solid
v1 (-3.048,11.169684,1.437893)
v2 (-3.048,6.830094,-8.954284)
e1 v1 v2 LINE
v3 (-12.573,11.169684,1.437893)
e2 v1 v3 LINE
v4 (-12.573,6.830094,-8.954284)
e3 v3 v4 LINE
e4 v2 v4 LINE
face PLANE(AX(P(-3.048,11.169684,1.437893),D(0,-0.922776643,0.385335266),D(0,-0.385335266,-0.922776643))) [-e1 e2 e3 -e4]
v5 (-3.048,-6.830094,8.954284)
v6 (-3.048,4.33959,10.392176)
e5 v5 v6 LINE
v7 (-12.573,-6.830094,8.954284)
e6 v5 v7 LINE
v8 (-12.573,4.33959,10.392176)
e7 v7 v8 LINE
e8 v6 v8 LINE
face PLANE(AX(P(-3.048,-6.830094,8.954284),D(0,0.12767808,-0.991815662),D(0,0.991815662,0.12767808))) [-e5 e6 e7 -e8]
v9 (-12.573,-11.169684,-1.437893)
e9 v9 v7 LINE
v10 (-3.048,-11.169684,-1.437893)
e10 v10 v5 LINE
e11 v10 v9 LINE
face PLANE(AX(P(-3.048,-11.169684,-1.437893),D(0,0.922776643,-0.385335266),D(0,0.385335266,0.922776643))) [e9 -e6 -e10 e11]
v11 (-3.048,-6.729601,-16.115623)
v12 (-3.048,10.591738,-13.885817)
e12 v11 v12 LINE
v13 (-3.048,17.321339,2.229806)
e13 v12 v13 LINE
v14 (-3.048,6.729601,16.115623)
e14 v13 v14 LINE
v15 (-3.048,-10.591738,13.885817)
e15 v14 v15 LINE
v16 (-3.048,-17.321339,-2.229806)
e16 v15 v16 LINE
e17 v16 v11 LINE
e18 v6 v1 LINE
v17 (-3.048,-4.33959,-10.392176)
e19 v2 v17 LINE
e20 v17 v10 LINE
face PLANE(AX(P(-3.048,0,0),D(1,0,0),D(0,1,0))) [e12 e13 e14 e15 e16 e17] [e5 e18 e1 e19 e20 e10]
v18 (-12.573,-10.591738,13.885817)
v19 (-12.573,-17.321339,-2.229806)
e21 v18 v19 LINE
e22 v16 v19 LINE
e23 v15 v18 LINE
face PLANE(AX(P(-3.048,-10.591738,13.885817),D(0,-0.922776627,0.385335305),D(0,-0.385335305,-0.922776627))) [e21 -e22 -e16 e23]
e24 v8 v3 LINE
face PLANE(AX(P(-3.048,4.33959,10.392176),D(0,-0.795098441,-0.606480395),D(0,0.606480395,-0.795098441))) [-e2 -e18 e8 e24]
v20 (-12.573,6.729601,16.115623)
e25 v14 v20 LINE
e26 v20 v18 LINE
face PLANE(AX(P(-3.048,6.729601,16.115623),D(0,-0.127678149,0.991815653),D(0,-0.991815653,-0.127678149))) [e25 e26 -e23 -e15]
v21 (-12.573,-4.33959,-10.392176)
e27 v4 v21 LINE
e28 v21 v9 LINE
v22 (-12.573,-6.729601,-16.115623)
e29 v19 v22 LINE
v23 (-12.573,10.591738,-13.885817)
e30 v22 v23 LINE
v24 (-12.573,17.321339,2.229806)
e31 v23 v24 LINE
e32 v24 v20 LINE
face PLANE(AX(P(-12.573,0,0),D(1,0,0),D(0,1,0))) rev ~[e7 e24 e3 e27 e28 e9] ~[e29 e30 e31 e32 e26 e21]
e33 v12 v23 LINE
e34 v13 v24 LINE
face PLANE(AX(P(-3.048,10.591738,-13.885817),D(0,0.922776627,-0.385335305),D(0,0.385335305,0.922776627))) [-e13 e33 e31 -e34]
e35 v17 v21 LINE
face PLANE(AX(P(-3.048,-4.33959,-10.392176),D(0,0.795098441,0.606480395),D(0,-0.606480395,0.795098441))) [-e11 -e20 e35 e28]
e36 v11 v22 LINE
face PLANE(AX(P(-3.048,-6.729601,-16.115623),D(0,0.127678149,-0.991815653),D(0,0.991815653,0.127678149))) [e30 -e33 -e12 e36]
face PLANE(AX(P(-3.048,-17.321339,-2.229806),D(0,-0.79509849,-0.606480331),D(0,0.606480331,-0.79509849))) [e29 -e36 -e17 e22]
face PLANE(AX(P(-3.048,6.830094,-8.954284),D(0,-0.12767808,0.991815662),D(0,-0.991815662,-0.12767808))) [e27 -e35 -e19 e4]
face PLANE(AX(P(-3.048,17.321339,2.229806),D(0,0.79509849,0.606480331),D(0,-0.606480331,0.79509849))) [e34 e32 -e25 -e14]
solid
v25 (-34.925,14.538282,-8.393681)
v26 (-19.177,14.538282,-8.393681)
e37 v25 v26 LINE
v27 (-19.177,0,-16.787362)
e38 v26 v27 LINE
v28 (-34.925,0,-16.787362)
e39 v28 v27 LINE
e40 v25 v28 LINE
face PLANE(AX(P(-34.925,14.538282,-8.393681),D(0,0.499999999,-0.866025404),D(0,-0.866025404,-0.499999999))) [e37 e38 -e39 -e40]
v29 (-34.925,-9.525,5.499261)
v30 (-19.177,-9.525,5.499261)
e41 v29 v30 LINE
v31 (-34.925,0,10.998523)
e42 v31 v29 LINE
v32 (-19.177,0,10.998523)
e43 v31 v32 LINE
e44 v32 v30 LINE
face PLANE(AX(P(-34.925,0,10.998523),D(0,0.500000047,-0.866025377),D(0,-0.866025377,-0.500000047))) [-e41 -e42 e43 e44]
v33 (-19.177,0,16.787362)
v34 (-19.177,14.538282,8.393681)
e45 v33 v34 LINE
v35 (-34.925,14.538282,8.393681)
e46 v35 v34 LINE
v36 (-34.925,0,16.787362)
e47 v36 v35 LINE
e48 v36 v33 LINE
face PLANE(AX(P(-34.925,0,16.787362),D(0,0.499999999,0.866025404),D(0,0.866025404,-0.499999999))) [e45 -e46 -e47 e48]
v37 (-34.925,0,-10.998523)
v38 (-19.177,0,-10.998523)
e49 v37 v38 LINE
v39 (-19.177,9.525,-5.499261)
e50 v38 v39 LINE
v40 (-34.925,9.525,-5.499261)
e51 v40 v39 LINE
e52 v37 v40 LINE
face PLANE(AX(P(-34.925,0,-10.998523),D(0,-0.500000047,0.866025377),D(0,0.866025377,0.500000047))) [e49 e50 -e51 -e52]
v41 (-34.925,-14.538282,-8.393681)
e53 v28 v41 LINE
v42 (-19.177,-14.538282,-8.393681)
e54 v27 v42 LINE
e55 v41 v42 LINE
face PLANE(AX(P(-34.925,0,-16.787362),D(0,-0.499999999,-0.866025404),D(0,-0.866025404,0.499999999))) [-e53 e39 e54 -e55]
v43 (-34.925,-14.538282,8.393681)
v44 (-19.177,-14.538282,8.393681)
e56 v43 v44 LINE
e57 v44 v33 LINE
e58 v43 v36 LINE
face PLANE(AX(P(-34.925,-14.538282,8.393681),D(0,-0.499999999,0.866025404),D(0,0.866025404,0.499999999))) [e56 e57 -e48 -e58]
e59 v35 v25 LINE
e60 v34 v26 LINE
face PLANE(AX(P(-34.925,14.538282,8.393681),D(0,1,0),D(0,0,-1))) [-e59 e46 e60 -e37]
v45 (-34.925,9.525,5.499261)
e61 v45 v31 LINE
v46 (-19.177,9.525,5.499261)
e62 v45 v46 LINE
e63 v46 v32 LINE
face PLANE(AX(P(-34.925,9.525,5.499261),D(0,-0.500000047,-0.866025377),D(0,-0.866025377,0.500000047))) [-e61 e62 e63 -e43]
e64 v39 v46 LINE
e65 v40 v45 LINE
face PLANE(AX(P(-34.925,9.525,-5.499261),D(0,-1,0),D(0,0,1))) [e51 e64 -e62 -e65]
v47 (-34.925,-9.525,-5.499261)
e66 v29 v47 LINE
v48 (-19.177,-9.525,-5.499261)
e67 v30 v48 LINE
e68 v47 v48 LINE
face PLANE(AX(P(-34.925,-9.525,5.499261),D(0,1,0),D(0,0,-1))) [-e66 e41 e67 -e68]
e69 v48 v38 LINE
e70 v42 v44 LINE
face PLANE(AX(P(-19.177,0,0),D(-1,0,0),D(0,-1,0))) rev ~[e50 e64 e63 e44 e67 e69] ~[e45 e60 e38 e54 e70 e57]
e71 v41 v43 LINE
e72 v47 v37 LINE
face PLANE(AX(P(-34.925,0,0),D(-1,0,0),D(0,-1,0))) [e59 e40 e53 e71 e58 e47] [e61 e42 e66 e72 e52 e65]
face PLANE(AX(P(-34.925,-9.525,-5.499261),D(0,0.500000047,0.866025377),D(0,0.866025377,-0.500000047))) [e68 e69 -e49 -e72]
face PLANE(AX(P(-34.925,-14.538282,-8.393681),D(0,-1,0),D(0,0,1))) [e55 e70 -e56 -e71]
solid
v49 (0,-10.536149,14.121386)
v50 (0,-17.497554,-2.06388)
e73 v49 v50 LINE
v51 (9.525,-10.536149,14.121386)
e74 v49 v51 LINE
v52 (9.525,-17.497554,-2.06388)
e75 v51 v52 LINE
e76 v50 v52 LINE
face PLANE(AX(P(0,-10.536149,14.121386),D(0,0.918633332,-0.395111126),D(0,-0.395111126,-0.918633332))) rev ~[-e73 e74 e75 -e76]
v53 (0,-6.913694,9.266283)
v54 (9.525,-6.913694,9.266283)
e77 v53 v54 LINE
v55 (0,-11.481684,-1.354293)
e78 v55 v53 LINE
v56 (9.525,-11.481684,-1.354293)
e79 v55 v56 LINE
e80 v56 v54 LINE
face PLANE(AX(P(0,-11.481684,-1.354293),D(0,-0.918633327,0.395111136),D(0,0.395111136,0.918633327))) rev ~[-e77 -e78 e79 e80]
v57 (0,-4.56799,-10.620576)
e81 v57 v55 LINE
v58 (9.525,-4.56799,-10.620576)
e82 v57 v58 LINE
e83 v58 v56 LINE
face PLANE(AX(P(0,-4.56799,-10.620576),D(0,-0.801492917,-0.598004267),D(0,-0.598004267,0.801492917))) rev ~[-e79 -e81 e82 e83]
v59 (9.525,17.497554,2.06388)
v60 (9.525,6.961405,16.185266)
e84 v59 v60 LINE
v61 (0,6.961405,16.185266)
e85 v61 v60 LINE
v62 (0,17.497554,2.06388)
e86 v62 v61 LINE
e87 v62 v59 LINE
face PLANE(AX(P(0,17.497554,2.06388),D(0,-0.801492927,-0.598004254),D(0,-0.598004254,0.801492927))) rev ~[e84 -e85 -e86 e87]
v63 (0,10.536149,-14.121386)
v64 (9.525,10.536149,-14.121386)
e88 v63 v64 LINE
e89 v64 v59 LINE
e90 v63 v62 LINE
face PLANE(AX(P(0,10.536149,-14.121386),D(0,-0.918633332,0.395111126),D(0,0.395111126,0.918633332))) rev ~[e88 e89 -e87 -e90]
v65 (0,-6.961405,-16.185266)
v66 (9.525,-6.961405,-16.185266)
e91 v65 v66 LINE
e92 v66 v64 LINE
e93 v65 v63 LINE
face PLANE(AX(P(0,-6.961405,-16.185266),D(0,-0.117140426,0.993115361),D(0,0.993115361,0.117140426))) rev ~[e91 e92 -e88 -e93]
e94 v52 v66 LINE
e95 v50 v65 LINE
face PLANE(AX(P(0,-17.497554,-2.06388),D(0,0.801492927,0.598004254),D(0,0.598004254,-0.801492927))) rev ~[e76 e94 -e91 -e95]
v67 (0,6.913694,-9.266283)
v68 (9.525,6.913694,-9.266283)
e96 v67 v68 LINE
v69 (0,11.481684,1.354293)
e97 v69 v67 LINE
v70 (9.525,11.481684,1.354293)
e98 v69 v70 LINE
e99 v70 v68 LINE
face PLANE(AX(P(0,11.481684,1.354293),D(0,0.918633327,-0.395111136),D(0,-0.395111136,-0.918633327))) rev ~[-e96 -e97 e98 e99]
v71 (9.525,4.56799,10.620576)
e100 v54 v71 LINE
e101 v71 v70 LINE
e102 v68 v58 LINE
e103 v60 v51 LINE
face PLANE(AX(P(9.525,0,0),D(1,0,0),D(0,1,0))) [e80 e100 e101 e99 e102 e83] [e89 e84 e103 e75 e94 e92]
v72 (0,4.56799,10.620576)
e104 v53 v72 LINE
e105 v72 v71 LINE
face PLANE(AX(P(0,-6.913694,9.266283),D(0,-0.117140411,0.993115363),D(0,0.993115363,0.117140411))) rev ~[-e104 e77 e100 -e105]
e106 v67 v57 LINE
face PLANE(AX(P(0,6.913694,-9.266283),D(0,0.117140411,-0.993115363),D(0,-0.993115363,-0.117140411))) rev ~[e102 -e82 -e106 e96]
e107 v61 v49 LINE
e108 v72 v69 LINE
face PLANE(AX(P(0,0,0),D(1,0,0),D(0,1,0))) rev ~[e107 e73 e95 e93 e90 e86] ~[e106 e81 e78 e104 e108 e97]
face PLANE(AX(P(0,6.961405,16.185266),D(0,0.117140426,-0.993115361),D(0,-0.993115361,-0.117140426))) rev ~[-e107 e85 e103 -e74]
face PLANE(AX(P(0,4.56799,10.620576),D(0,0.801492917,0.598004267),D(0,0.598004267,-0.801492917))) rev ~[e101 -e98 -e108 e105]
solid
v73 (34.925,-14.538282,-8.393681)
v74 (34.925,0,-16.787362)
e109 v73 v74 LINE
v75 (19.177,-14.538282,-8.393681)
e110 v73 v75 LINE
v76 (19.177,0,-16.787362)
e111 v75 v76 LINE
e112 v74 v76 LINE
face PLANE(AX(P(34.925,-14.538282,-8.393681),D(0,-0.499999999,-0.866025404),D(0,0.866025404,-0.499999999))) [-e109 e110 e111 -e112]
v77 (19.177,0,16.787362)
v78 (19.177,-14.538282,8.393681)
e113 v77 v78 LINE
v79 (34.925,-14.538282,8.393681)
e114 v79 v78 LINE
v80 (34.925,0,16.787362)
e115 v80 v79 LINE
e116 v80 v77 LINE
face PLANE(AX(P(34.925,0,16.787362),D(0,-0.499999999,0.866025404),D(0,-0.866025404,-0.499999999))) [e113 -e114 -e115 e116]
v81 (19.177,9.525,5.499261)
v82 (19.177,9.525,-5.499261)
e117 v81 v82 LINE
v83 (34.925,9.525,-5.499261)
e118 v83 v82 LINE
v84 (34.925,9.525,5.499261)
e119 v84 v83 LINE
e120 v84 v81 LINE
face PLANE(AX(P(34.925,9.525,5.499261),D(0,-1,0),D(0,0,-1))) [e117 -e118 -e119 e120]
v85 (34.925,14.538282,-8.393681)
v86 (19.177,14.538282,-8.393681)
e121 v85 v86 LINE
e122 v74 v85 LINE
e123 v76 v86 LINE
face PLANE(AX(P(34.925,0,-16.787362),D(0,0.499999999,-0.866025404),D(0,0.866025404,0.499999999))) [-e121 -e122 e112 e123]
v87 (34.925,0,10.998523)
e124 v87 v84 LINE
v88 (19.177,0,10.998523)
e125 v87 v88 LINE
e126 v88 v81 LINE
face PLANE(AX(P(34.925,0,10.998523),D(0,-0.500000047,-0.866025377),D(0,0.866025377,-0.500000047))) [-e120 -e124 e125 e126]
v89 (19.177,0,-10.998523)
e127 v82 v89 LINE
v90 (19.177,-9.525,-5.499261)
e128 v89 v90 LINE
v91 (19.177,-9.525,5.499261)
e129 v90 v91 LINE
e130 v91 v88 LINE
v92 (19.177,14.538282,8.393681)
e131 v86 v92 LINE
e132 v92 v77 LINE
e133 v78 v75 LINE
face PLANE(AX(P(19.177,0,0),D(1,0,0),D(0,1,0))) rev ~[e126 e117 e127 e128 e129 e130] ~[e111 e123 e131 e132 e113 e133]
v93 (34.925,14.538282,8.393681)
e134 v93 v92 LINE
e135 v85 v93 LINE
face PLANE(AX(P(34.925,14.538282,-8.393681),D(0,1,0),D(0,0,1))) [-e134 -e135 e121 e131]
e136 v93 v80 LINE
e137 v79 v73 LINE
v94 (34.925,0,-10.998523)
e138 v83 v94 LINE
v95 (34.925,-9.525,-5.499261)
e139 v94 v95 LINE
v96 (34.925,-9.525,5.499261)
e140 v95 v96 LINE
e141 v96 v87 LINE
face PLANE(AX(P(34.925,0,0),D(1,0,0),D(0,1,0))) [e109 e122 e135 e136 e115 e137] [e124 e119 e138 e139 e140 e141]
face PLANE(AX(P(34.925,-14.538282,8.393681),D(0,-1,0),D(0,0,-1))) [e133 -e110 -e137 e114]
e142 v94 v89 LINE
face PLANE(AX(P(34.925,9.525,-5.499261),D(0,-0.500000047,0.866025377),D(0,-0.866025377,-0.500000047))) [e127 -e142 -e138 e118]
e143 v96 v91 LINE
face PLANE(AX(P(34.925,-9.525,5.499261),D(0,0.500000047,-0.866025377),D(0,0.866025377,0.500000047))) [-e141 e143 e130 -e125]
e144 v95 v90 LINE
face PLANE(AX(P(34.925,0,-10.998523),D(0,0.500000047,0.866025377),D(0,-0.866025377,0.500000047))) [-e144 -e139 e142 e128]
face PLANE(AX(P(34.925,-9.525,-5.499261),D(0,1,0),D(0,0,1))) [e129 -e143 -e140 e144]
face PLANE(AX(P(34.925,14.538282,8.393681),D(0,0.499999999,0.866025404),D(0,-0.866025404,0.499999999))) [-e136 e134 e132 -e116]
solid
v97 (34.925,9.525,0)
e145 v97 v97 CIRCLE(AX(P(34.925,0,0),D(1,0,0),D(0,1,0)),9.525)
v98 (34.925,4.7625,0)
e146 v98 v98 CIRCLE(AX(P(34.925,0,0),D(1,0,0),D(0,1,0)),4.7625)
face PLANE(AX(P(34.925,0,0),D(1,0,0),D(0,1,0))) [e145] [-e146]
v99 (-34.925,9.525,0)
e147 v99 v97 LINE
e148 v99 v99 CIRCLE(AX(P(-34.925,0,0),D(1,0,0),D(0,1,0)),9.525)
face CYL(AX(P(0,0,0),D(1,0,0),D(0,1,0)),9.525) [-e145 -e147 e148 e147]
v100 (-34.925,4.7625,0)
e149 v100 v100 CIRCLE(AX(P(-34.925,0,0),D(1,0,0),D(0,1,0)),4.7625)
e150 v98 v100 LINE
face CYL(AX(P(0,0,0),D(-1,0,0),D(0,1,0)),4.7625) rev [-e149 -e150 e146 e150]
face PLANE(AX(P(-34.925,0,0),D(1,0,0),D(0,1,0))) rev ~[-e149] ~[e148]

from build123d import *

# Parameters (mm, degrees)
F0_R      = 9.525
F0_R_2    = 4.7625
F1_DEPTH  = 34.925
F3_DEPTH  = 9.525
F6_DEPTH  = 9.525
F8_DEPTH  = 15.748
F10_DEPTH = 15.748


with BuildPart() as f1:
    # F0 (on Right) → F1 (new body, symmetric)
    with BuildSketch(Plane.YZ):
        Circle(F0_R)
        Circle(F0_R_2, mode=Mode.SUBTRACT)
    extrude(amount=F1_DEPTH, both=True)


with BuildPart() as f3:
    # F2 (on Right) → F3 (new body)
    with BuildSketch(Plane.YZ):
        Polygon((10.536149, -14.121386), (17.497554, 2.06388), (6.961405, 16.185266), (-10.536149, 14.121386), (-17.497554, -2.06388), (-6.961405, -16.185266), align=None)
        Polygon((4.56799, 10.620576), (11.481684, 1.354293), (6.913694, -9.266283), (-4.56799, -10.620576), (-11.481684, -1.354293), (-6.913694, 9.266283), align=None, mode=Mode.SUBTRACT)
    extrude(amount=F3_DEPTH)


with BuildPart() as f6:
    # F5 (on offset) → F6 (new body)
    with BuildSketch(Plane.YZ.offset(-3.048)):
        Polygon((-10.591738, 13.885817), (-17.321339, -2.229806), (-6.729601, -16.115623), (10.591738, -13.885817), (17.321339, 2.229806), (6.729601, 16.115623), align=None)
        Polygon((-4.33959, -10.392176), (-11.169684, -1.437893), (-6.830094, 8.954284), (4.33959, 10.392176), (11.169684, 1.437893), (6.830094, -8.954284), align=None, mode=Mode.SUBTRACT)
    extrude(amount=-F6_DEPTH)


with BuildPart() as f8:
    # F7 (on face) → F8 (new body)
    with BuildSketch(Plane.YZ.offset(34.925)):
        Polygon((14.538282, -8.393681), (14.538282, 8.393681), (0, 16.787362), (-14.538282, 8.393681), (-14.538282, -8.393681), (0, -16.787362), align=None)
        Polygon((0, 10.998523), (9.525, 5.499261), (9.525, -5.499261), (0, -10.998523), (-9.525, -5.499261), (-9.525, 5.499261), align=None, mode=Mode.SUBTRACT)
    extrude(amount=-F8_DEPTH)


with BuildPart() as f10:
    # F9 (on face) → F10 (new body)
    with BuildSketch(Plane(origin=(-34.925, 0, 0), x_dir=(0, -1, 0), z_dir=(-1, 0, 0))):
        Polygon((14.538282, -8.393681), (14.538282, 8.393681), (0, 16.787362), (-14.538282, 8.393681), (-14.538282, -8.393681), (0, -16.787362), align=None)
        Polygon((0, 10.998523), (9.525, 5.499261), (9.525, -5.499261), (0, -10.998523), (-9.525, -5.499261), (-9.525, 5.499261), align=None, mode=Mode.SUBTRACT)
    extrude(amount=-F10_DEPTH)


solid = Compound([f1.part, f3.part, f6.part, f8.part, f10.part])
